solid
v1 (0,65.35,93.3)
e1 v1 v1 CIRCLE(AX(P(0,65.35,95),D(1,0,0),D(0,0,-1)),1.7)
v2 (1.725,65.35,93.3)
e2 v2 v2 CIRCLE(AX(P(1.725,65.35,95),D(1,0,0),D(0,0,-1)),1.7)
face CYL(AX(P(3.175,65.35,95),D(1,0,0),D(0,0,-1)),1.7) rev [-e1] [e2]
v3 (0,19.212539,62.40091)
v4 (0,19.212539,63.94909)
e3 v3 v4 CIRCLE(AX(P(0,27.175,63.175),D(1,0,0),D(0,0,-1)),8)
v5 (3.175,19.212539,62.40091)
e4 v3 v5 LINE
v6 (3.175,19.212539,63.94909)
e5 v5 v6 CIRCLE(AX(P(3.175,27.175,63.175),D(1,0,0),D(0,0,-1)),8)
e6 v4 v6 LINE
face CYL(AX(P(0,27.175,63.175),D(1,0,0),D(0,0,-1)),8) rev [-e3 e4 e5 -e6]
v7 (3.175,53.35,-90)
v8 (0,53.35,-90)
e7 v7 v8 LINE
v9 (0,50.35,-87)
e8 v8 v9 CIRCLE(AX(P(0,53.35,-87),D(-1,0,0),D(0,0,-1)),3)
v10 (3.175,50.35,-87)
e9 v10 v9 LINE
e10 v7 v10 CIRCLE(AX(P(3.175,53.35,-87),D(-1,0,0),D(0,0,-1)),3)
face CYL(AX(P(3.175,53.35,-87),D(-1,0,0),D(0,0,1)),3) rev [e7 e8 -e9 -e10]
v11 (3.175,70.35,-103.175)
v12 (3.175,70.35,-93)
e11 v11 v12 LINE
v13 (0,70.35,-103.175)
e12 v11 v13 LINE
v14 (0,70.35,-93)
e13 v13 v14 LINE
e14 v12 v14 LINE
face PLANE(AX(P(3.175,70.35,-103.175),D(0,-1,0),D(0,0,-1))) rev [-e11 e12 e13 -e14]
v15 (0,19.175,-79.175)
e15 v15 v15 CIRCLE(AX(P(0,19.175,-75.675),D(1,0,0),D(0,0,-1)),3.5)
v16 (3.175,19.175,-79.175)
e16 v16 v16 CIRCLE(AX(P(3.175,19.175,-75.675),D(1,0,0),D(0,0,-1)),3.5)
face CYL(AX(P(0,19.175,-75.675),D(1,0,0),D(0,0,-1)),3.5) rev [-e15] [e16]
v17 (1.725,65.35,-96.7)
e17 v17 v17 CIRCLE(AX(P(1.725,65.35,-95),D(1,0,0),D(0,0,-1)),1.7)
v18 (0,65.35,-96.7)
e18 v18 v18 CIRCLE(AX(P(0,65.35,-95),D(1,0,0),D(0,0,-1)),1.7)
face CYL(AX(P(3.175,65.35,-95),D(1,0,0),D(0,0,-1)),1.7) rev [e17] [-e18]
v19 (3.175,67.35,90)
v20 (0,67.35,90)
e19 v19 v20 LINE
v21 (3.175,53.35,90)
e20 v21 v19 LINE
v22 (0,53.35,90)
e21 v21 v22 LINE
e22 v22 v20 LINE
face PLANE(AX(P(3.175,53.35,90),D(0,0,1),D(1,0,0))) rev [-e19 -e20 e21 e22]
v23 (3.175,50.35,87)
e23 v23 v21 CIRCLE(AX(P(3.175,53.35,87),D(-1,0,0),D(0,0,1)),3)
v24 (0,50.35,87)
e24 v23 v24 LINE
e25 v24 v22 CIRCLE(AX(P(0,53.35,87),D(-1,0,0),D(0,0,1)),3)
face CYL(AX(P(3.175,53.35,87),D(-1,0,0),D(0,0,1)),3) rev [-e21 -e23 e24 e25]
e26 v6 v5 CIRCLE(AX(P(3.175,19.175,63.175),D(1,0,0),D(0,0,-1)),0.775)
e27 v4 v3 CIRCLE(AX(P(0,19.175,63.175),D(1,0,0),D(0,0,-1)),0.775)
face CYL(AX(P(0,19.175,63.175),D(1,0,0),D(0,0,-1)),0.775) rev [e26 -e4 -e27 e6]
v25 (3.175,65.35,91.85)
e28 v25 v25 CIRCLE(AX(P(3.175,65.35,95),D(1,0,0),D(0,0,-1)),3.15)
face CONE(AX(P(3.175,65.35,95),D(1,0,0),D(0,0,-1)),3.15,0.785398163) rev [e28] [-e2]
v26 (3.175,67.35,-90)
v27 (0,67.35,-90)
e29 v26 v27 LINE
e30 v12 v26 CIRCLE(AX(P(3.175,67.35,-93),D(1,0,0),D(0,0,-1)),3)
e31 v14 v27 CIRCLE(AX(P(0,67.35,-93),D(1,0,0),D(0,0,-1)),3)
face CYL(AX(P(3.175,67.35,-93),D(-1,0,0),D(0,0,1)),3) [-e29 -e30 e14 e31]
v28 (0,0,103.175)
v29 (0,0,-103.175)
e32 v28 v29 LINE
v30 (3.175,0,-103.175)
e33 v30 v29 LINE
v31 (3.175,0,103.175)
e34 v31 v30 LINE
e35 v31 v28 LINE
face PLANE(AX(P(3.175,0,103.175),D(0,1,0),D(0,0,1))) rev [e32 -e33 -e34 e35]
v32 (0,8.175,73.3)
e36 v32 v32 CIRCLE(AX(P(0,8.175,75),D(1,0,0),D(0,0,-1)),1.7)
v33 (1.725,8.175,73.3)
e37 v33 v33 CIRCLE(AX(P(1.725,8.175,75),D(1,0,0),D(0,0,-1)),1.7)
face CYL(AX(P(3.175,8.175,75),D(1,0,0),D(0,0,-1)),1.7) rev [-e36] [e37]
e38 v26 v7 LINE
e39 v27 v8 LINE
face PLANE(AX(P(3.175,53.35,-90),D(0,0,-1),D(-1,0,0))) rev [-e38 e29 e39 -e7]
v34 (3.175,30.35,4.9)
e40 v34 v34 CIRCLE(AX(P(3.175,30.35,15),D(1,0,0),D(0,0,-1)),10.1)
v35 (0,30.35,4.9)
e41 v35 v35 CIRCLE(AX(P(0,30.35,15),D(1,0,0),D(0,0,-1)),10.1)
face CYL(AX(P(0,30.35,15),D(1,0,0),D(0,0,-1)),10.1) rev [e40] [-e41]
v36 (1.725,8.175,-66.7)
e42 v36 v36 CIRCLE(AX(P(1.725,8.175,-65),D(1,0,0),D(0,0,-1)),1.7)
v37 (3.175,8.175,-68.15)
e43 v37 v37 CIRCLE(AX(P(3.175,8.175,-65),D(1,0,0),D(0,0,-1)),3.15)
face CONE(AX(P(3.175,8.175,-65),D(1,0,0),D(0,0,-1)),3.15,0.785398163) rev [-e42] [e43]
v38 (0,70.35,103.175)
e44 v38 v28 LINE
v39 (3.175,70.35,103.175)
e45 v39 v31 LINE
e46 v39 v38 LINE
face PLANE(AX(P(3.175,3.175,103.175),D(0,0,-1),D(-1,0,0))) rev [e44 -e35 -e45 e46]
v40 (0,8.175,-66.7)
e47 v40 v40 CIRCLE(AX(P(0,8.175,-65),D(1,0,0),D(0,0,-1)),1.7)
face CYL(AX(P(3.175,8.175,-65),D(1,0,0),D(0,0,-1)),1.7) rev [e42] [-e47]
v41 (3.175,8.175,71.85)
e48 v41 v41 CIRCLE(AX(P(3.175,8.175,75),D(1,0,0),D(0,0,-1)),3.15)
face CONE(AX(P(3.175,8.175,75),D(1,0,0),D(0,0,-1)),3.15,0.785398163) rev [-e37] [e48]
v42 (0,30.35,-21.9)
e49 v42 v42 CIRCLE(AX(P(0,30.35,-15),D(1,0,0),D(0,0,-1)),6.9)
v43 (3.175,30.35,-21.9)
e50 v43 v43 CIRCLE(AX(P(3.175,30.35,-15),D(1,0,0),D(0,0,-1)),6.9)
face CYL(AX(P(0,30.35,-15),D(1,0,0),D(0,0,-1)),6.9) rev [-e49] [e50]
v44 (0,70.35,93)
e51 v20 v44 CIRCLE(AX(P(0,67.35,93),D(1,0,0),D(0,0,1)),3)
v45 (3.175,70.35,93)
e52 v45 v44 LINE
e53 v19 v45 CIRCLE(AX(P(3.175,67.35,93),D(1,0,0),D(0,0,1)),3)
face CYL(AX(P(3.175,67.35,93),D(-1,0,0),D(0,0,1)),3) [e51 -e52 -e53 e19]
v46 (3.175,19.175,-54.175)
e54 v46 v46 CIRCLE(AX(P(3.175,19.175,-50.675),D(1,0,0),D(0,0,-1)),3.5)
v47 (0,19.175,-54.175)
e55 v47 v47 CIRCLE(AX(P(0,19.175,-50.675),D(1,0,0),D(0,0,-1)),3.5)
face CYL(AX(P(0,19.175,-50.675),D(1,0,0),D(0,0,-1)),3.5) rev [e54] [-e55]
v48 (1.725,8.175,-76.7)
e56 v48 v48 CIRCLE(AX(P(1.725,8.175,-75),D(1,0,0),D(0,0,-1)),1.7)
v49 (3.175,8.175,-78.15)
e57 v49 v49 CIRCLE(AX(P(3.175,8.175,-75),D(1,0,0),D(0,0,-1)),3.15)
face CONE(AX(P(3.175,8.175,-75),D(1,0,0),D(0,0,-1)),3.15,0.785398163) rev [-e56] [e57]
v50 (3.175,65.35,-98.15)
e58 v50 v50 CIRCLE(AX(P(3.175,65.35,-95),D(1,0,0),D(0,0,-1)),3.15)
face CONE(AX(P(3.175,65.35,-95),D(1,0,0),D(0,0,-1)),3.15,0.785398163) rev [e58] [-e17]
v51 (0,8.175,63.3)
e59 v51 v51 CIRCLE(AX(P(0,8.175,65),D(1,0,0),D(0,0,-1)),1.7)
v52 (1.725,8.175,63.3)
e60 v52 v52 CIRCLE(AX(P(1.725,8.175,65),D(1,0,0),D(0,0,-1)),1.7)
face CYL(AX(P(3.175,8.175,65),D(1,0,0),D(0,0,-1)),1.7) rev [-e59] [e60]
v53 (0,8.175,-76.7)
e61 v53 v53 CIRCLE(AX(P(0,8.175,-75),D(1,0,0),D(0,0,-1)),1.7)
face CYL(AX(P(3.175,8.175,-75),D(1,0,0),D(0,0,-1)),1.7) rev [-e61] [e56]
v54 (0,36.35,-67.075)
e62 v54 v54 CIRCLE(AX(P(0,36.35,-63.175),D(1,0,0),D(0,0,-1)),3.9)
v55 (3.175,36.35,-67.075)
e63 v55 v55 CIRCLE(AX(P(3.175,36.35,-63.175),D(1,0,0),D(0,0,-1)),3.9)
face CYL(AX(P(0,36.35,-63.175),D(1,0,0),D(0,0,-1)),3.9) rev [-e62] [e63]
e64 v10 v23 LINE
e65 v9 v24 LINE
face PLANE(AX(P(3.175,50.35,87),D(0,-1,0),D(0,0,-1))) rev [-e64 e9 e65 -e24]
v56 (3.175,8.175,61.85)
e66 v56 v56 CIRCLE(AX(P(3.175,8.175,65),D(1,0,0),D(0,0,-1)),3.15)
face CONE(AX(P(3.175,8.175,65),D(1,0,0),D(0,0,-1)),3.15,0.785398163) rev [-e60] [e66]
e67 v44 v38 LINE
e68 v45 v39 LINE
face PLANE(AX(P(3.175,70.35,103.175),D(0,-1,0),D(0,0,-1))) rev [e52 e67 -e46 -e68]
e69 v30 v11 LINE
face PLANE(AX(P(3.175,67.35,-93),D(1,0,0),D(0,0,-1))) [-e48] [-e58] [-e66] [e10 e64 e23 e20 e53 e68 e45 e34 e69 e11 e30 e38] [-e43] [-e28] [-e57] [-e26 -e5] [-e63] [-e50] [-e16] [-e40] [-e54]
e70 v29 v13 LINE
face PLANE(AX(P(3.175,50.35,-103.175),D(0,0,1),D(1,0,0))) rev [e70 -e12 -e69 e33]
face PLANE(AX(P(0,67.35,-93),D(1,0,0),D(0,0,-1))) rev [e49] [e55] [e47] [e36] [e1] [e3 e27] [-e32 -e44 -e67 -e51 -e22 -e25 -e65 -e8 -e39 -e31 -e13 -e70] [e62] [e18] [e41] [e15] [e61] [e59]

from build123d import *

# Parameters (mm, degrees)
BOSS_EXTRUDE1_DEPTH                             = 3.175
CSK_FOR_M3_FLAT_HEAD_MACHINE_SCREW1_D           = 3.4
CSK_FOR_M3_FLAT_HEAD_MACHINE_SCREW1_CSINK_D     = 6.3
CSK_FOR_M3_FLAT_HEAD_MACHINE_SCREW1_CSINK_ANGLE = 90
SKETCH4_R                                       = 6.9
SKETCH4_R_2                                     = 3.9
SKETCH4_R_3                                     = 3.5
SKETCH4_R_4                                     = 10.1
CUT_EXTRUDE1_DEPTH                              = 4.175


with BuildPart() as part:
    # Sketch1 → Boss-Extrude1 (new body)
    with BuildSketch(Plane(origin=(0, 0, 0), x_dir=(0, 0, -1), z_dir=(1, 0, 0))):
        with BuildLine():
            Line((103.175, 0), (103.175, 3.175))
            Line((103.175, 3.175), (103.175, 47.175))
            Line((103.175, 47.175), (103.175, 50.35))
            Line((103.175, 50.35), (103.175, 70.35))
            Line((103.175, 70.35), (93, 70.35))
            ThreePointArc((93, 70.35), (90.878679656, 69.471320344), (90, 67.35))
            Line((90, 67.35), (90, 53.35))
            ThreePointArc((90, 53.35), (89.121320344, 51.228679656), (87, 50.35))
            Line((87, 50.35), (-87, 50.35))
            ThreePointArc((-87, 50.35), (-89.121320344, 51.228679656), (-90, 53.35))
            Line((-90, 53.35), (-90, 67.35))
            ThreePointArc((-90, 67.35), (-90.878679656, 69.471320344), (-93, 70.35))
            Line((-93, 70.35), (-103.175, 70.35))
            Line((-103.175, 70.35), (-103.175, 50.35))
            Line((-103.175, 50.35), (-103.175, 47.175))
            Line((-103.175, 47.175), (-103.175, 3.175))
            Line((-103.175, 3.175), (-103.175, 0))
            Line((-103.175, 0), (103.175, 0))
        make_face()
    extrude(amount=BOSS_EXTRUDE1_DEPTH)

    # CSK for M3 Flat Head Machine Screw1 (through all)
    with Locations(Plane(origin=(3.175, 0, 0), x_dir=(0, 0, -1), z_dir=(1, 0, 0))):
        with Locations((-75, 8.175), (-65, 8.175), (-95, 65.35)):
            csk_for_m3_flat_head_machine_screw1 = CounterSinkHole(CSK_FOR_M3_FLAT_HEAD_MACHINE_SCREW1_D / 2, CSK_FOR_M3_FLAT_HEAD_MACHINE_SCREW1_CSINK_D / 2, counter_sink_angle=CSK_FOR_M3_FLAT_HEAD_MACHINE_SCREW1_CSINK_ANGLE)

    # Mirror1: CSK for M3 Flat Head Machine Screw1 across plane
    add(csk_for_m3_flat_head_machine_screw1.mirror(Plane.XY), mode=Mode.SUBTRACT)

    # Sketch4 → Cut-Extrude1 (cut, through all)
    with BuildSketch(Plane(origin=(3.175, 0, 0), x_dir=(0, 0, -1), z_dir=(1, 0, 0))):
        with Locations((15, 30.35)):
            Circle(SKETCH4_R)
        with Locations((63.175, 36.35)):
            Circle(SKETCH4_R_2)
        with Locations((50.675, 19.175)):
            Circle(SKETCH4_R_3)
        with Locations((75.675, 19.175)):
            Circle(SKETCH4_R_3)
        with Locations((-15, 30.35)):
            Circle(SKETCH4_R_4)
        with BuildLine():
            ThreePointArc((-62.400909683, 19.212539062), (-63.175, 35.175), (-63.949090317, 19.212539062))
            ThreePointArc((-63.949090317, 19.212539062), (-63.175, 18.4), (-62.400909683, 19.212539062))
        make_face()
    extrude(amount=-CUT_EXTRUDE1_DEPTH, mode=Mode.SUBTRACT)


solid = part.part
